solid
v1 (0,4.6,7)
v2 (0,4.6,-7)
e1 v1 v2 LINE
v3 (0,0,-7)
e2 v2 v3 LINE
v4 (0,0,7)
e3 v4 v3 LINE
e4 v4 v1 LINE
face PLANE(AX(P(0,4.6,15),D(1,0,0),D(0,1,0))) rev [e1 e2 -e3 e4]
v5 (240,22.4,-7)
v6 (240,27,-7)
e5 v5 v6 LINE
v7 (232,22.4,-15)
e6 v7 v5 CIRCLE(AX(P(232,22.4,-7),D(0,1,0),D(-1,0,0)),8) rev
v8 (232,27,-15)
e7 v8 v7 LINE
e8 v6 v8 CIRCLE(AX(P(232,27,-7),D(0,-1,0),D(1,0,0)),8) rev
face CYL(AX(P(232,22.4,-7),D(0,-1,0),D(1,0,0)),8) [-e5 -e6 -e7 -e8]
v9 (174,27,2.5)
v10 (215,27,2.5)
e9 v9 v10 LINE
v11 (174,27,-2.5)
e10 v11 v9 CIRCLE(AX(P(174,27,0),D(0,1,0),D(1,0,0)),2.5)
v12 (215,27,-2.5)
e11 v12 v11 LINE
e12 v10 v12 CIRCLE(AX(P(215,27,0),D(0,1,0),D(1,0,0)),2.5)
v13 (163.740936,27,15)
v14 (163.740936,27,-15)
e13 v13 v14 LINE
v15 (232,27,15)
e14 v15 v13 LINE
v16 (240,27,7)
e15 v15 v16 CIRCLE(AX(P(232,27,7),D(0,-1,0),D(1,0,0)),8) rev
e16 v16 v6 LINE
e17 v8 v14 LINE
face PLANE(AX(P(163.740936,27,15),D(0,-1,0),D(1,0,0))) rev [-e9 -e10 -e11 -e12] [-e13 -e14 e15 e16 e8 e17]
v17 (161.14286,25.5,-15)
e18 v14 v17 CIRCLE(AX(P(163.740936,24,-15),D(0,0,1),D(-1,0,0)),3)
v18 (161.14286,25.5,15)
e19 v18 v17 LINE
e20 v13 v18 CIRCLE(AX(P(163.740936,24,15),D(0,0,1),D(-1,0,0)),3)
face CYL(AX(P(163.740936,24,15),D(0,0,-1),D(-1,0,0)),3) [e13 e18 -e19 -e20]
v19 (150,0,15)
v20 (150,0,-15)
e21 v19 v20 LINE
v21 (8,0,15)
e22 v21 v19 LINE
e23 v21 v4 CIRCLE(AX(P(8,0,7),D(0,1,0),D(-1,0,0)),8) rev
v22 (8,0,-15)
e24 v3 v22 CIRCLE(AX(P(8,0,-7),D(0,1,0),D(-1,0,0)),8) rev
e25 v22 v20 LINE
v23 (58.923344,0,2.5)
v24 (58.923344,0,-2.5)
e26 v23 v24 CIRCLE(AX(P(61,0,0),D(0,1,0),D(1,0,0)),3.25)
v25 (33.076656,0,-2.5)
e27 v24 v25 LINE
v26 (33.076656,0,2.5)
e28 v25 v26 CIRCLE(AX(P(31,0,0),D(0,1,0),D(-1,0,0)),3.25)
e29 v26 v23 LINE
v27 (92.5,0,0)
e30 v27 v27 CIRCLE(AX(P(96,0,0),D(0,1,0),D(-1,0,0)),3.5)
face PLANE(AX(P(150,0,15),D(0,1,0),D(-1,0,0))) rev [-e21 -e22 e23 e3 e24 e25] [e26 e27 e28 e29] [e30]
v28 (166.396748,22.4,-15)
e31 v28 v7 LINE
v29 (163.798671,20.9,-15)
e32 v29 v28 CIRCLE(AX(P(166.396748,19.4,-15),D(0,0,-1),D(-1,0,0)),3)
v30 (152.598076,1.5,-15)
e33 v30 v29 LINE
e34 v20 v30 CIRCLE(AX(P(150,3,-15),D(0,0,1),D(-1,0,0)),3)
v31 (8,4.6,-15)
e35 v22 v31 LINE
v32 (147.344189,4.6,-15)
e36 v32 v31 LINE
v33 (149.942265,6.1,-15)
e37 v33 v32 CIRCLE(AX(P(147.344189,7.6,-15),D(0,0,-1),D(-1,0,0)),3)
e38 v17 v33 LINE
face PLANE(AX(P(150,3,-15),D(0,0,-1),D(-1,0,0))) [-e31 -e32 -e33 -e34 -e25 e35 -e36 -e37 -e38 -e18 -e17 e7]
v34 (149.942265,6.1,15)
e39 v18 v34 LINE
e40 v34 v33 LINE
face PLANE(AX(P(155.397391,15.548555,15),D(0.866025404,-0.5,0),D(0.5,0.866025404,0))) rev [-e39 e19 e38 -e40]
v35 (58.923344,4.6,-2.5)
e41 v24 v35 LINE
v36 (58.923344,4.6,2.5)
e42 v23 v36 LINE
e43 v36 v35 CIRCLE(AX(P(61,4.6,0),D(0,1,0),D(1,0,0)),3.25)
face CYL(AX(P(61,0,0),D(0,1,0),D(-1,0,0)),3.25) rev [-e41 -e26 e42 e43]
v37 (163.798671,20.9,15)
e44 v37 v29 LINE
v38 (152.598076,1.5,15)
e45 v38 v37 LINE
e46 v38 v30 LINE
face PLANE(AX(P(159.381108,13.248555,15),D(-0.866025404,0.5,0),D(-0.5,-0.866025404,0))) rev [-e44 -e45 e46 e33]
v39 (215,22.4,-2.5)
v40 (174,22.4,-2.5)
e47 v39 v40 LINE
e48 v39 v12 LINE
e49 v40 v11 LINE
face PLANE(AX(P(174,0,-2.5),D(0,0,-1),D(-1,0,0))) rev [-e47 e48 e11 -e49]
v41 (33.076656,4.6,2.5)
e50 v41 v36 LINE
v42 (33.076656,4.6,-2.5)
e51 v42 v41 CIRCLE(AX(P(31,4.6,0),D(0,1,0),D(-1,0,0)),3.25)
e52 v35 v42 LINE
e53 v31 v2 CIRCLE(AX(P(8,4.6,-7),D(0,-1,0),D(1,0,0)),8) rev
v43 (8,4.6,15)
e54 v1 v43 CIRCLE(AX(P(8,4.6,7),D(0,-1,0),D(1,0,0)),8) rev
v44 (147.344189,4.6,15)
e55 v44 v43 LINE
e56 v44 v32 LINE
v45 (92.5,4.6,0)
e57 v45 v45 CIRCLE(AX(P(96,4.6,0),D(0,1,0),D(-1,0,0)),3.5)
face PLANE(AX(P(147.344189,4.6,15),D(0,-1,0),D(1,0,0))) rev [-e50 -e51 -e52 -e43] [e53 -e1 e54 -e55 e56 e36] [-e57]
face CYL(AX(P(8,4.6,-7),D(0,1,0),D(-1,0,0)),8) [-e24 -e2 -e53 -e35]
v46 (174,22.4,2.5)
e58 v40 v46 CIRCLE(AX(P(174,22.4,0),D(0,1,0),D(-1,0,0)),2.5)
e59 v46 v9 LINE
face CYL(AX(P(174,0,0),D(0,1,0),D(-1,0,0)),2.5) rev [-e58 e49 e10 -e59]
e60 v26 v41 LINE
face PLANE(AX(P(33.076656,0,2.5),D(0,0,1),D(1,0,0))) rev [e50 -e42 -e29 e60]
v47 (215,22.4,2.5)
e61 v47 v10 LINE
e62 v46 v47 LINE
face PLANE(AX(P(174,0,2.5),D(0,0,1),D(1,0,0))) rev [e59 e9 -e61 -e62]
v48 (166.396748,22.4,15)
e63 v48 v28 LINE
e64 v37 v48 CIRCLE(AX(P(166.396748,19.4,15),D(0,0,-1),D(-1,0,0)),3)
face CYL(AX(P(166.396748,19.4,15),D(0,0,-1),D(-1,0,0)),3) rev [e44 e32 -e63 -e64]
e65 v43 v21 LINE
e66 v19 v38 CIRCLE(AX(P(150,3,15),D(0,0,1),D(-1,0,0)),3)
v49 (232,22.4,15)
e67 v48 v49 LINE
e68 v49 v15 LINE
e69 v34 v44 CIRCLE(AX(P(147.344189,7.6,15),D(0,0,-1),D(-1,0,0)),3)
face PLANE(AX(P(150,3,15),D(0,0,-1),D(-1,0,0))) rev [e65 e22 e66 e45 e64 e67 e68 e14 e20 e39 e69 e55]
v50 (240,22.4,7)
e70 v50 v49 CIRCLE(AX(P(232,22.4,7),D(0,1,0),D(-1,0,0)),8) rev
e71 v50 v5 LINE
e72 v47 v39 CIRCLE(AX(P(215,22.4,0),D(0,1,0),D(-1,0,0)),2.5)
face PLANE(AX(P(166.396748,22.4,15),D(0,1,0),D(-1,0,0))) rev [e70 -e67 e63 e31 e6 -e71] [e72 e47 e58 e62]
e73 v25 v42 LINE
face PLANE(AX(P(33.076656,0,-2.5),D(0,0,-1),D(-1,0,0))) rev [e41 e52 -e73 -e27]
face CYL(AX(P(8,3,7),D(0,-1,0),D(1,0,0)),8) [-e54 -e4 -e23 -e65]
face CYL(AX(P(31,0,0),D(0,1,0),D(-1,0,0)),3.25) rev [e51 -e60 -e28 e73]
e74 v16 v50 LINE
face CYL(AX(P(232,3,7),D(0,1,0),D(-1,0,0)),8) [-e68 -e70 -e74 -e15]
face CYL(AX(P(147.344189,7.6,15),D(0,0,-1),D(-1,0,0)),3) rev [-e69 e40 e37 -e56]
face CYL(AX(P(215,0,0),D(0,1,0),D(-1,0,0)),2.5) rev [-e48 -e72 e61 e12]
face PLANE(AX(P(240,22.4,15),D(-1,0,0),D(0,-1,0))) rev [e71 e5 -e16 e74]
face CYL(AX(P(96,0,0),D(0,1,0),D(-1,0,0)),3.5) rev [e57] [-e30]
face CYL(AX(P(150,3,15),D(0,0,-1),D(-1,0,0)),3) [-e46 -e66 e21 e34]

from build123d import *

# Parameters (mm, degrees)
EXTRUDE_1_DEPTH     = 15
CUT_EXTRUDE_1_DEPTH = 242.509337294
FILLET_1_R          = 8
SKETCH_4_R          = 3.5
CUT_EXTRUDE_2_DEPTH = 242.509337294
CUT_EXTRUDE_3_DEPTH = 242.979337961
FILLET_2_R          = 8


with BuildPart() as part:
    # 草圖2 → 填料-伸長1 (new, symmetric)
    with BuildSketch(Plane.XY):
        with BuildLine():
            Line((159.381107666, 13.248555109), (152.598076211, 1.5))
            ThreePointArc((152.598076211, 1.5), (151.5, 0.401923789), (150, 0))
            Line((150, 0), (0, 0))
            Line((0, 0), (0, 4.6))
            Line((0, 4.6), (147.344188762, 4.6))
            ThreePointArc((147.344188762, 4.6), (148.844188762, 5.001923789), (149.942264973, 6.1))
            Line((149.942264973, 6.1), (155.397390809, 15.548555109))
            Line((155.397390809, 15.548555109), (161.142860195, 25.5))
            ThreePointArc((161.142860195, 25.5), (162.240936407, 26.598076211), (163.740936407, 27))
            Line((163.740936407, 27), (240, 27))
            Line((240, 27), (240, 22.4))
            Line((240, 22.4), (166.396747645, 22.4))
            ThreePointArc((166.396747645, 22.4), (164.896747645, 21.998076211), (163.798671434, 20.9))
            Line((163.798671434, 20.9), (159.381107666, 13.248555109))
        make_face()
    extrude(amount=EXTRUDE_1_DEPTH, both=True)

    # 草圖3 → 除料-伸長1 (cut, through all)
    with BuildSketch(Plane(origin=(0, 4.6, 0), x_dir=(1, 0, 0), z_dir=(0, 1, 0))):
        with BuildLine():
            Line((33.076655966, 2.5), (58.923344034, 2.5))
            ThreePointArc((58.923344034, 2.5), (64.25, 0), (58.923344034, -2.5))
            Line((58.923344034, -2.5), (33.076655966, -2.5))
            ThreePointArc((33.076655966, -2.5), (27.75, 0), (33.076655966, 2.5))
        make_face()
    extrude(amount=-CUT_EXTRUDE_1_DEPTH, mode=Mode.SUBTRACT)

    # 圓角1
    fillet_1_edges = [part.edges().sort_by_distance(p)[0] for p in [
        (240, 24.7, -15),
        (240, 24.7, 15),
    ]]
    fillet(fillet_1_edges, radius=FILLET_1_R)

    # 草圖4 → 除料-伸長2 (cut, through all)
    with BuildSketch(Plane(origin=(0, 4.6, 0), x_dir=(1, 0, 0), z_dir=(0, 1, 0))):
        with Locations(Location((96, 0, 0), (0, 0, 180))):
            Circle(SKETCH_4_R)
    extrude(amount=-CUT_EXTRUDE_2_DEPTH, mode=Mode.SUBTRACT)

    # 草圖5 → 除料-伸長3 (cut, through all)
    with BuildSketch(Plane(origin=(0, 27, 0), x_dir=(1, 0, 0), z_dir=(0, 1, 0))):
        with BuildLine():
            Line((174, -2.5), (215, -2.5))
            ThreePointArc((215, -2.5), (217.5, 0), (215, 2.5))
            Line((215, 2.5), (174, 2.5))
            ThreePointArc((174, 2.5), (171.5, 0), (174, -2.5))
        make_face()
    extrude(amount=-CUT_EXTRUDE_3_DEPTH, mode=Mode.SUBTRACT)

    # 圓角2
    fillet_2_edges = [part.edges().sort_by_distance(p)[0] for p in [
        (0, 2.3, -15),
        (0, 2.3, 15),
    ]]
    fillet(fillet_2_edges, radius=FILLET_2_R)


solid = part.part
